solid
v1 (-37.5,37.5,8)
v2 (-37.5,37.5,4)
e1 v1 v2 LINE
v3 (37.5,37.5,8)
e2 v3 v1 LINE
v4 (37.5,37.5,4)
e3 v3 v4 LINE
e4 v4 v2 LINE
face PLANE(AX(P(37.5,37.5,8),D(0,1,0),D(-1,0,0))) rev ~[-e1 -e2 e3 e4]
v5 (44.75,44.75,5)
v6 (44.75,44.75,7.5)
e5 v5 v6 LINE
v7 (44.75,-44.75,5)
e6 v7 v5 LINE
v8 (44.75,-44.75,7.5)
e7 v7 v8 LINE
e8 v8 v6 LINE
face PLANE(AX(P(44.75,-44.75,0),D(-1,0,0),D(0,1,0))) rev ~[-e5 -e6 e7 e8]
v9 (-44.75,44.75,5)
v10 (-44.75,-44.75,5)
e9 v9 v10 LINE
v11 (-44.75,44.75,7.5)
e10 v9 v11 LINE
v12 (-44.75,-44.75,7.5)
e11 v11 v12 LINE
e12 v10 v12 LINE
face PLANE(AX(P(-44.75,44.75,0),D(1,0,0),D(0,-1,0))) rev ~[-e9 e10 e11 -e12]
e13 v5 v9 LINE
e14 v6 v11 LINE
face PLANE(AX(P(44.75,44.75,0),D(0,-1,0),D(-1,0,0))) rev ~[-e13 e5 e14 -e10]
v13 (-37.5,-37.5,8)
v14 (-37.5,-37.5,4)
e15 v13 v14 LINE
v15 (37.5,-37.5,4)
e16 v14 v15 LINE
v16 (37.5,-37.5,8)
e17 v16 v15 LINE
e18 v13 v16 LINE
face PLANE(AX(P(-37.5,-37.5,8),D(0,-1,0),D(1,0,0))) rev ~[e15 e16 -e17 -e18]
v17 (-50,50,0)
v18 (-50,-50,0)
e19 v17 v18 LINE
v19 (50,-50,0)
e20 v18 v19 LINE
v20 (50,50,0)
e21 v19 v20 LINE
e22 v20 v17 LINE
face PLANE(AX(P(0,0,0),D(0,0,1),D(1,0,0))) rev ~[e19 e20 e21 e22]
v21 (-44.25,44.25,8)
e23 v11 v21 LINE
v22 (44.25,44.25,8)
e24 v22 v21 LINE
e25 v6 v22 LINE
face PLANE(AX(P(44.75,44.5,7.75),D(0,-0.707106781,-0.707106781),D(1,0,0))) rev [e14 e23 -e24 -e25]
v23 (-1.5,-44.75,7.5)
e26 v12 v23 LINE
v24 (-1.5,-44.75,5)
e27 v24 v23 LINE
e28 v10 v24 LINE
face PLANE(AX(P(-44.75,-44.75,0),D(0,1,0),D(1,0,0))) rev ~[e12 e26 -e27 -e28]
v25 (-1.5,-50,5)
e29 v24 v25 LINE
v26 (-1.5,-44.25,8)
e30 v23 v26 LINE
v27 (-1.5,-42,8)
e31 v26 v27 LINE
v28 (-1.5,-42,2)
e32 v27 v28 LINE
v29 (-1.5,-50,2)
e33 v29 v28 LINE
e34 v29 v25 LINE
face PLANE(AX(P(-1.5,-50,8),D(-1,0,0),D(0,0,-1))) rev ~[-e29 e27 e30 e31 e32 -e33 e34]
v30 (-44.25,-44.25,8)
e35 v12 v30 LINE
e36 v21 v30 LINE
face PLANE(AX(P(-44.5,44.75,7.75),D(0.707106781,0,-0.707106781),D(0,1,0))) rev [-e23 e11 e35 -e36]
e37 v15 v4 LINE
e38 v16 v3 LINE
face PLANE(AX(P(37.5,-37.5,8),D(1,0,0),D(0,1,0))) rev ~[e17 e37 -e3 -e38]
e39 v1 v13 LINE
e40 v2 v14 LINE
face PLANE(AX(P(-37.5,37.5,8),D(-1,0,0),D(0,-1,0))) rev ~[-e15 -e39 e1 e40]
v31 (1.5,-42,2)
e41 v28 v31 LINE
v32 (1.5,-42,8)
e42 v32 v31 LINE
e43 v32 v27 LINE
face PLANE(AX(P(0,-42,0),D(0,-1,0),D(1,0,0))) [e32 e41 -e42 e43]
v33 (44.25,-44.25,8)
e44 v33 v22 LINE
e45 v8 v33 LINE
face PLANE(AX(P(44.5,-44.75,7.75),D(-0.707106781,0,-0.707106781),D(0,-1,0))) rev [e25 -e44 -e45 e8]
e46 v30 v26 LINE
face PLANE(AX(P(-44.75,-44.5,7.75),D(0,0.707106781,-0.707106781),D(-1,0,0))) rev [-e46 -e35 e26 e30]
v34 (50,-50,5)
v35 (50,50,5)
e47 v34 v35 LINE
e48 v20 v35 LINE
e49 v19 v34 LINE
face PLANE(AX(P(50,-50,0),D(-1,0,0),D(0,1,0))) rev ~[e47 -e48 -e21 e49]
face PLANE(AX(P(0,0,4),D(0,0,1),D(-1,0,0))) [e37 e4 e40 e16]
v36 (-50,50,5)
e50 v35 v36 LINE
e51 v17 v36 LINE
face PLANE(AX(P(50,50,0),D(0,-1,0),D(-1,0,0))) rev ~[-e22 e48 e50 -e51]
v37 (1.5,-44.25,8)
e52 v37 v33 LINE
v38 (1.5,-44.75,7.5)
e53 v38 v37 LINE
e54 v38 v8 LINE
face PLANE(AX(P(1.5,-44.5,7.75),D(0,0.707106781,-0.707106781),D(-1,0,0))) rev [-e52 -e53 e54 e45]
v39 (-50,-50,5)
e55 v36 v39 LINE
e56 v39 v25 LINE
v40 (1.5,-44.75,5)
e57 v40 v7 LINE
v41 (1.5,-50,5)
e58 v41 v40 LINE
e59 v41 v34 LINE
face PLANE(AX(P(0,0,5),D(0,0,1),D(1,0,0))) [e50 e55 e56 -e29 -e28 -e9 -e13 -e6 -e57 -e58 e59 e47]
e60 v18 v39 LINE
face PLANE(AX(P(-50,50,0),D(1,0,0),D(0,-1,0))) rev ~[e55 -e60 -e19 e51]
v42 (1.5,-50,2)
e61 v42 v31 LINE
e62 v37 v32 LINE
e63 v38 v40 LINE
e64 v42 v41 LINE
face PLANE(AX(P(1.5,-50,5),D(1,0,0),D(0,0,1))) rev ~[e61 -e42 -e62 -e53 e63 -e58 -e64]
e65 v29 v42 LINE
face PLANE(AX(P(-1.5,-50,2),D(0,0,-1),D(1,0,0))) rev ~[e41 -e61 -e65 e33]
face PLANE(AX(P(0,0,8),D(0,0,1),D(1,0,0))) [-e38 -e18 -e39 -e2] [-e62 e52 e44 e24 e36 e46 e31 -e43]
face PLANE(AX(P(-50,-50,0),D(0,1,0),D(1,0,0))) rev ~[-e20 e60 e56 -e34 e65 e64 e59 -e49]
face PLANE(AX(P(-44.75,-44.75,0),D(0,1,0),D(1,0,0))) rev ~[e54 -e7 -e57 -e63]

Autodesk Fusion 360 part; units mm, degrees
sketch "Sketch1" plane through (0, 0, 0) normal (0, 0, 1) x (1, 0, 0)
  line L0 (50, 50) -> (-50, 50)
  line L1 (-50, 50) -> (-50, -50)
  line L2 (-50, -50) -> (50, -50)
  line L3 (50, -50) -> (50, 50)
  line L4 (50, 50) -> (-50, -50) construction
  line L5 (-50, 50) -> (50, -50) construction
  line L6 (44.75, 44.75) -> (-44.75, 44.75)
  line L7 (-44.75, 44.75) -> (-44.75, -44.75)
  line L8 (-44.75, -44.75) -> (44.75, -44.75)
  line L9 (44.75, -44.75) -> (44.75, 44.75)
  line L10 (44.75, 44.75) -> (-44.75, -44.75) construction
  line L11 (-44.75, 44.75) -> (44.75, -44.75) construction
  dimension "d1" = 89.5
  dimension "d12" = 89.5
extrude "Extrude1" add sketch "Sketch1" along normal blind 5
extrude "Extrude2" add sketch "Sketch1" along normal blind 8 contours L6 L7 L8 L9
sketch "Sketch2" plane through (0, -50, 0) normal (0, -1, 0) x (1, 0, 0)
  line L0 (-50, 0) -> (50, 0)
  line L1 (50, 0) -> (50, 5)
  line L2 (50, 5) -> (-50, 5)
  line L3 (-50, 5) -> (-50, 0)
  line L4 (1.5, 8) -> (-1.5, 8)
  line L5 (-1.5, 8) -> (-1.5, 2)
  line L6 (-1.5, 2) -> (1.5, 2)
  line L7 (1.5, 2) -> (1.5, 8)
  line L8 (1.5, 8) -> (-1.5, 2) construction
  line L9 (-1.5, 8) -> (1.5, 2) construction
  point P0 (0, 5)
  dimension "d6" = 6
  dimension "d7" = 3
extrude "Extrude3" cut sketch "Sketch2" against normal blind 8 contours L2 L4 L5 L7 | L2 L5 L6 L7
chamfer "Chamfer1" distance 0.5 angle 45 4 edges at (-23.125, -44.75, 8) (-44.75, 0, 8) (23.125, -44.75, 8) (44.75, 0, 8)
chamfer "Chamfer1" distance 0.5 angle 45 1 edges at (0, 44.75, 8)
sketch "Sketch3" plane through (0, 0, 8) normal (0, 0, 1) x (-1, 0, 0)
  line L0 (44.25, 44.25) -> (1.5, 44.25)
  line L1 (1.5, 44.25) -> (1.5, 42)
  line L2 (1.5, 42) -> (-1.5, 42)
  line L3 (-1.5, 42) -> (-1.5, 44.25)
  line L4 (-1.5, 44.25) -> (-44.25, 44.25)
  line L5 (-44.25, 44.25) -> (-44.25, -44.25)
  line L6 (-44.25, -44.25) -> (44.25, -44.25)
  line L7 (44.25, -44.25) -> (44.25, 44.25)
  line L8 (-37.5, -37.5) -> (37.5, -37.5)
  line L9 (37.5, -37.5) -> (37.5, 37.5)
  line L10 (37.5, 37.5) -> (-37.5, 37.5)
  line L11 (-37.5, 37.5) -> (-37.5, -37.5)
  line L12 (-37.5, -37.5) -> (37.5, 37.5) construction
  line L13 (37.5, -37.5) -> (-37.5, 37.5) construction
  dimension "d13" = 75
  dimension "d14" = 75
extrude "Extrude4" cut sketch "Sketch3" against normal blind 4 contours L8 L9 L10 L11
